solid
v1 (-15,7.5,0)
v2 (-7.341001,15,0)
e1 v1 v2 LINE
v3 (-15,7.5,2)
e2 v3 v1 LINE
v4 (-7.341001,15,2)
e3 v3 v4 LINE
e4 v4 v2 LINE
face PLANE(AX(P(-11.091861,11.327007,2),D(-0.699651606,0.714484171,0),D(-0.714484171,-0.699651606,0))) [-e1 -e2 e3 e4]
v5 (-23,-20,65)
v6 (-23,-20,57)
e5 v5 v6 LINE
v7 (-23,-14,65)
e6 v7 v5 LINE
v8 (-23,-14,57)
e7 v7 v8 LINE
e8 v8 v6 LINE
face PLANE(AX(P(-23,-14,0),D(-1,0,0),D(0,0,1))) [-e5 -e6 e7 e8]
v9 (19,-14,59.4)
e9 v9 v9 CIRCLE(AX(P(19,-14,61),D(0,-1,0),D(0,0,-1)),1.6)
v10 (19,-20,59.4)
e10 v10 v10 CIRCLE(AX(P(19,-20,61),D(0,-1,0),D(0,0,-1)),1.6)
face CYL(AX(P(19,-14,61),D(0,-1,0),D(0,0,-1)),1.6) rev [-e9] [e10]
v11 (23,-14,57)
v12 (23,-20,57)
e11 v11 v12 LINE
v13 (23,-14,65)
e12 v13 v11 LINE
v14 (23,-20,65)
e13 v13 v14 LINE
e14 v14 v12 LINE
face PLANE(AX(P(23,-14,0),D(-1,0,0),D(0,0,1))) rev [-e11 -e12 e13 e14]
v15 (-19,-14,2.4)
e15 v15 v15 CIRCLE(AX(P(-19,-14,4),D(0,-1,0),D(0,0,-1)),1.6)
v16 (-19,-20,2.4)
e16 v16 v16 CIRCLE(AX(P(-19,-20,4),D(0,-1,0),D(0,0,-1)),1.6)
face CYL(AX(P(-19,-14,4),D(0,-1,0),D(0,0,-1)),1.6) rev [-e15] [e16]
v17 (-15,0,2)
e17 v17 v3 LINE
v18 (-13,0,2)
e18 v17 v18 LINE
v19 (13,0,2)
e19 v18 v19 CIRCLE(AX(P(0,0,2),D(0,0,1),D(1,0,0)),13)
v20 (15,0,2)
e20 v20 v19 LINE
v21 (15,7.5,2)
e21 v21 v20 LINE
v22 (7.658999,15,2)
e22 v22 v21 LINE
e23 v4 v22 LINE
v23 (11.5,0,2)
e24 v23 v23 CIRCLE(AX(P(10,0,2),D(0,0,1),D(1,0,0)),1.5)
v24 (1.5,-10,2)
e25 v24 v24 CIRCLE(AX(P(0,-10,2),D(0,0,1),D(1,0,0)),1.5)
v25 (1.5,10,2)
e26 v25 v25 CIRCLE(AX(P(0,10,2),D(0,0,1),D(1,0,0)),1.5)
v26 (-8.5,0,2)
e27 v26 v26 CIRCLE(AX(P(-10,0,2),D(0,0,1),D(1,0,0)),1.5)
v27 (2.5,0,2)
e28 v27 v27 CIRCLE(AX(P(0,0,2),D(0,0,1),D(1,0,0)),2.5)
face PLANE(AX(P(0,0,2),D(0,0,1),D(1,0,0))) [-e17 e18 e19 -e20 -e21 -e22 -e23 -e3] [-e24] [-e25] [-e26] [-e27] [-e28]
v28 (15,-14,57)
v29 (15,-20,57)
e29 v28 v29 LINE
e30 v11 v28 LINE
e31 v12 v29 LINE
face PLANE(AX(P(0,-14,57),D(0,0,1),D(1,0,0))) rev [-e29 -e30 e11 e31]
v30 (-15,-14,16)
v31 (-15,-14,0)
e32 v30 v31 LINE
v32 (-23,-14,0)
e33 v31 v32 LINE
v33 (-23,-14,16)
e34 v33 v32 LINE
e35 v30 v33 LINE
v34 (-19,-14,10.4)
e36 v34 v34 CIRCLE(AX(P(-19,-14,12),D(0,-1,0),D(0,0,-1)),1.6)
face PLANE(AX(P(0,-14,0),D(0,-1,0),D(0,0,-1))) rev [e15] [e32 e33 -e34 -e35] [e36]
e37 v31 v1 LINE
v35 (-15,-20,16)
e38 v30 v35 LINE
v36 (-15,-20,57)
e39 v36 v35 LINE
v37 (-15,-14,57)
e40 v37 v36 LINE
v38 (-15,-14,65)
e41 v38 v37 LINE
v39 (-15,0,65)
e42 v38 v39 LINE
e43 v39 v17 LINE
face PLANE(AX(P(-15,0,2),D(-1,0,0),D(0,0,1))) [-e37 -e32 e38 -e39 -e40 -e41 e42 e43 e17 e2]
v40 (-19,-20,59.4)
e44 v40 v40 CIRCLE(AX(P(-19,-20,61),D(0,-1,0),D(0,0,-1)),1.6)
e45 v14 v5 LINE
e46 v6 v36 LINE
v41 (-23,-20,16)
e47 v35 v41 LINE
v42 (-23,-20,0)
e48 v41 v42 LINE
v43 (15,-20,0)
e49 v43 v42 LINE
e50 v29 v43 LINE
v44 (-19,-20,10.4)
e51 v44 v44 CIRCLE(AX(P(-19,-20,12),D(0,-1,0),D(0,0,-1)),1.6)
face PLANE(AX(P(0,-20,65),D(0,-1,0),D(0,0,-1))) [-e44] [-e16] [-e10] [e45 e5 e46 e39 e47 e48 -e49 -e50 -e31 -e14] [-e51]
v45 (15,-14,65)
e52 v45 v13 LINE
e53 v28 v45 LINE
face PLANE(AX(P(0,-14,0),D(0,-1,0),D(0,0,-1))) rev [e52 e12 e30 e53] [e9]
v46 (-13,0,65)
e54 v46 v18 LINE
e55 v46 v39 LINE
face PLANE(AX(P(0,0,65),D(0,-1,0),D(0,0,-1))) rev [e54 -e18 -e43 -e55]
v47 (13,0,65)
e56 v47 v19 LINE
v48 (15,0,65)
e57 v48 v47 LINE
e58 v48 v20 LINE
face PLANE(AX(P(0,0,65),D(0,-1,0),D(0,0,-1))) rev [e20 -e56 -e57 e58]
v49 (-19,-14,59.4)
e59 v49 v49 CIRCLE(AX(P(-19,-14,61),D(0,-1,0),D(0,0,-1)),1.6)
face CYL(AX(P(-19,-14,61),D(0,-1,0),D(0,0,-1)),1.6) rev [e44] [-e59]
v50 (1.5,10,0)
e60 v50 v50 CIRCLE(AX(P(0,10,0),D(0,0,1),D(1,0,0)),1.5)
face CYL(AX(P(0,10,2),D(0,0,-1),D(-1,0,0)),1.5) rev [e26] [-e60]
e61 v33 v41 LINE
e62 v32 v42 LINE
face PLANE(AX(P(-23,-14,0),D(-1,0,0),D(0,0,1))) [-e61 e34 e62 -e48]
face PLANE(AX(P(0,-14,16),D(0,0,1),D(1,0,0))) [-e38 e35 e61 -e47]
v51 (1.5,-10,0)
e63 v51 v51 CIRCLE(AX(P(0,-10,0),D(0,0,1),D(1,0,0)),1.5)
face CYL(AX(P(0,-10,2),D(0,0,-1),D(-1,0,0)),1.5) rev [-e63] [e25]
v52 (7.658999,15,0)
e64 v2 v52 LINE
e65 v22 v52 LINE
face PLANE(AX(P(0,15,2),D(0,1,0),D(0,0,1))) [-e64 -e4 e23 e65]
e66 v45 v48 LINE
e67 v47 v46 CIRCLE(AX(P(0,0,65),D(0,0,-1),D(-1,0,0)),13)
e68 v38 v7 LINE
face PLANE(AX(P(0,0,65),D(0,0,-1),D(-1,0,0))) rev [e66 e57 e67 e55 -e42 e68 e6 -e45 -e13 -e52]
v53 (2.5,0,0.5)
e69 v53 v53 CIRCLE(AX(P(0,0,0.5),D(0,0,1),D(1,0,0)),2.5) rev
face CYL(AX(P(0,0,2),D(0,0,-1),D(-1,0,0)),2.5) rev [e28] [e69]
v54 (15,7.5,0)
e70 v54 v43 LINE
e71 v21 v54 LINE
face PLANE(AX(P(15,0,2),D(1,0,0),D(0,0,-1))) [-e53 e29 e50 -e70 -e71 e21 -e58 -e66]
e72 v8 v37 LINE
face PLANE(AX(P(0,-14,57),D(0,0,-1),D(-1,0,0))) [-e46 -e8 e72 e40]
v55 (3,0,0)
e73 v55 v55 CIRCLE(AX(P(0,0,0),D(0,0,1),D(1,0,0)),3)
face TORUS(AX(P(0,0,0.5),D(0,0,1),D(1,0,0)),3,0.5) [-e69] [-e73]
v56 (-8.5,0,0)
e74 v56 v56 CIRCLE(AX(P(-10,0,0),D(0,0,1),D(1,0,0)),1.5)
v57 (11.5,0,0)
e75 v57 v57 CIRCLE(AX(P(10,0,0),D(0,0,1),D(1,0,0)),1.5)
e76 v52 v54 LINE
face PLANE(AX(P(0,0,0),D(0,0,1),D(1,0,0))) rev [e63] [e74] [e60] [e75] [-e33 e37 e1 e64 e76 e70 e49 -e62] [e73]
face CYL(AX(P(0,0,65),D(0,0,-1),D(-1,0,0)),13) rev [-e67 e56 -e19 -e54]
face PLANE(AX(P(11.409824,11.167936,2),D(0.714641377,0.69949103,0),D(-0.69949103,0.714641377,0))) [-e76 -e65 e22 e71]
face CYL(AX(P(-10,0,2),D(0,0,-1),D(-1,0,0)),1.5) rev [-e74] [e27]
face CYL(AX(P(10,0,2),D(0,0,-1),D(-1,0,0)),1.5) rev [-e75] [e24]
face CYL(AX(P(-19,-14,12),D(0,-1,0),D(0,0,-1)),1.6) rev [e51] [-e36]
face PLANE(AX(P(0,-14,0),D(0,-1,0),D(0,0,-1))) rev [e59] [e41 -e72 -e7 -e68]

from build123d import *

# Parameters (mm, degrees)
ESQUISSE1_R        = 1.5
ESQUISSE1_R_2      = 2.5
BOSS_EXTRU_1_DEPTH = 2
BOSS_EXTRU_2_DEPTH = 65
CONG_1_R           = 0.5
ESQUISSE3_W        = 8
ESQUISSE3_H        = 8
ESQUISSE3_R        = 1.6
BOSS_EXTRU_4_DEPTH = 6


with BuildPart() as part:
    # Esquisse1 → Boss.-Extru.1 (new body)
    with BuildSketch(Plane.XY):
        with BuildLine():
            Line((-7.341000528, 15), (-15, 7.5))
            Line((-15, 7.5), (-15, 0))
            Line((-15, 0), (-13, 0))
            ThreePointArc((-13, 0), (0, -13), (13, 0))
            Line((13, 0), (15, 0))
            Line((15, 0), (15, 7.5))
            Line((15, 7.5), (7.658999472, 15))
            Line((7.658999472, 15), (-7.341000528, 15))
        make_face()
        with Locations((0, 10)):
            Circle(ESQUISSE1_R, mode=Mode.SUBTRACT)
        with Locations((-10, 0)):
            Circle(ESQUISSE1_R, mode=Mode.SUBTRACT)
        with Locations((0, -10)):
            Circle(ESQUISSE1_R, mode=Mode.SUBTRACT)
        Circle(ESQUISSE1_R_2, mode=Mode.SUBTRACT)
        with Locations((10, 0)):
            Circle(ESQUISSE1_R, mode=Mode.SUBTRACT)
    extrude(amount=BOSS_EXTRU_1_DEPTH)

    # Esquisse2 → Boss.-Extru.2 (add)
    with BuildSketch(Plane(origin=(0, 0, 0), x_dir=(-1, 0, 0), z_dir=(0, 0, -1))):
        with BuildLine():
            ThreePointArc((13, 0), (9.192388155, -9.192388155), (0, -13))
            Line((0, -13), (0, -15))
            ThreePointArc((0, -15), (10.606601718, -10.606601718), (15, 0))
            Line((15, 0), (13, 0))
        make_face()
        with BuildLine():
            Line((0, -15), (0, -13))
            ThreePointArc((0, -13), (-9.192388155, -9.192388155), (-13, 0))
            Line((-13, 0), (-15, 0))
            ThreePointArc((-15, 0), (-10.606601718, -10.606601718), (0, -15))
        make_face()
        with BuildLine():
            Line((0, -20), (0, -15))
            ThreePointArc((0, -15), (-10.606601718, -10.606601718), (-15, 0))
            Line((-15, 0), (-15, -20))
            Line((-15, -20), (0, -20))
        make_face()
        with BuildLine():
            ThreePointArc((15, 0), (10.606601718, -10.606601718), (0, -15))
            Line((0, -15), (0, -20))
            Line((0, -20), (15, -20))
            Line((15, -20), (15, 0))
        make_face()
    extrude(amount=-BOSS_EXTRU_2_DEPTH)

    # Congé1
    cong_1_edges = [part.edges().sort_by_distance(p)[0] for p in [
        (-2.5, 0, 0),
    ]]
    fillet(cong_1_edges, radius=CONG_1_R)

    # Esquisse3 → Boss.-Extru.4 (add)
    # profile 1 of 4: a face of its own
    with BuildSketch(Plane.XZ.offset(20)):
        with Locations((-19, 4)):
            Rectangle(ESQUISSE3_W, ESQUISSE3_H)
        with Locations(Location((-19, 4, 0), (0, 0, 270))):
            Circle(ESQUISSE3_R, mode=Mode.SUBTRACT)
    # profile 2 of 4: a face of its own
    with BuildSketch(Plane.XZ.offset(20)):
        with Locations((-19, 12)):
            Rectangle(ESQUISSE3_W, ESQUISSE3_H)
        with Locations(Location((-19, 12, 0), (0, 0, 270))):
            Circle(ESQUISSE3_R, mode=Mode.SUBTRACT)
    # profile 3 of 4: a face of its own
    with BuildSketch(Plane.XZ.offset(20)):
        with Locations((-19, 61)):
            Rectangle(ESQUISSE3_W, ESQUISSE3_H)
        with Locations(Location((-19, 61, 0), (0, 0, 270))):
            Circle(ESQUISSE3_R, mode=Mode.SUBTRACT)
    # profile 4 of 4: a face of its own
    with BuildSketch(Plane.XZ.offset(20)):
        with Locations((19, 61)):
            Rectangle(ESQUISSE3_W, ESQUISSE3_H)
        with Locations(Location((19, 61, 0), (0, 0, 270))):
            Circle(ESQUISSE3_R, mode=Mode.SUBTRACT)
    extrude(amount=-BOSS_EXTRU_4_DEPTH)


solid = part.part
